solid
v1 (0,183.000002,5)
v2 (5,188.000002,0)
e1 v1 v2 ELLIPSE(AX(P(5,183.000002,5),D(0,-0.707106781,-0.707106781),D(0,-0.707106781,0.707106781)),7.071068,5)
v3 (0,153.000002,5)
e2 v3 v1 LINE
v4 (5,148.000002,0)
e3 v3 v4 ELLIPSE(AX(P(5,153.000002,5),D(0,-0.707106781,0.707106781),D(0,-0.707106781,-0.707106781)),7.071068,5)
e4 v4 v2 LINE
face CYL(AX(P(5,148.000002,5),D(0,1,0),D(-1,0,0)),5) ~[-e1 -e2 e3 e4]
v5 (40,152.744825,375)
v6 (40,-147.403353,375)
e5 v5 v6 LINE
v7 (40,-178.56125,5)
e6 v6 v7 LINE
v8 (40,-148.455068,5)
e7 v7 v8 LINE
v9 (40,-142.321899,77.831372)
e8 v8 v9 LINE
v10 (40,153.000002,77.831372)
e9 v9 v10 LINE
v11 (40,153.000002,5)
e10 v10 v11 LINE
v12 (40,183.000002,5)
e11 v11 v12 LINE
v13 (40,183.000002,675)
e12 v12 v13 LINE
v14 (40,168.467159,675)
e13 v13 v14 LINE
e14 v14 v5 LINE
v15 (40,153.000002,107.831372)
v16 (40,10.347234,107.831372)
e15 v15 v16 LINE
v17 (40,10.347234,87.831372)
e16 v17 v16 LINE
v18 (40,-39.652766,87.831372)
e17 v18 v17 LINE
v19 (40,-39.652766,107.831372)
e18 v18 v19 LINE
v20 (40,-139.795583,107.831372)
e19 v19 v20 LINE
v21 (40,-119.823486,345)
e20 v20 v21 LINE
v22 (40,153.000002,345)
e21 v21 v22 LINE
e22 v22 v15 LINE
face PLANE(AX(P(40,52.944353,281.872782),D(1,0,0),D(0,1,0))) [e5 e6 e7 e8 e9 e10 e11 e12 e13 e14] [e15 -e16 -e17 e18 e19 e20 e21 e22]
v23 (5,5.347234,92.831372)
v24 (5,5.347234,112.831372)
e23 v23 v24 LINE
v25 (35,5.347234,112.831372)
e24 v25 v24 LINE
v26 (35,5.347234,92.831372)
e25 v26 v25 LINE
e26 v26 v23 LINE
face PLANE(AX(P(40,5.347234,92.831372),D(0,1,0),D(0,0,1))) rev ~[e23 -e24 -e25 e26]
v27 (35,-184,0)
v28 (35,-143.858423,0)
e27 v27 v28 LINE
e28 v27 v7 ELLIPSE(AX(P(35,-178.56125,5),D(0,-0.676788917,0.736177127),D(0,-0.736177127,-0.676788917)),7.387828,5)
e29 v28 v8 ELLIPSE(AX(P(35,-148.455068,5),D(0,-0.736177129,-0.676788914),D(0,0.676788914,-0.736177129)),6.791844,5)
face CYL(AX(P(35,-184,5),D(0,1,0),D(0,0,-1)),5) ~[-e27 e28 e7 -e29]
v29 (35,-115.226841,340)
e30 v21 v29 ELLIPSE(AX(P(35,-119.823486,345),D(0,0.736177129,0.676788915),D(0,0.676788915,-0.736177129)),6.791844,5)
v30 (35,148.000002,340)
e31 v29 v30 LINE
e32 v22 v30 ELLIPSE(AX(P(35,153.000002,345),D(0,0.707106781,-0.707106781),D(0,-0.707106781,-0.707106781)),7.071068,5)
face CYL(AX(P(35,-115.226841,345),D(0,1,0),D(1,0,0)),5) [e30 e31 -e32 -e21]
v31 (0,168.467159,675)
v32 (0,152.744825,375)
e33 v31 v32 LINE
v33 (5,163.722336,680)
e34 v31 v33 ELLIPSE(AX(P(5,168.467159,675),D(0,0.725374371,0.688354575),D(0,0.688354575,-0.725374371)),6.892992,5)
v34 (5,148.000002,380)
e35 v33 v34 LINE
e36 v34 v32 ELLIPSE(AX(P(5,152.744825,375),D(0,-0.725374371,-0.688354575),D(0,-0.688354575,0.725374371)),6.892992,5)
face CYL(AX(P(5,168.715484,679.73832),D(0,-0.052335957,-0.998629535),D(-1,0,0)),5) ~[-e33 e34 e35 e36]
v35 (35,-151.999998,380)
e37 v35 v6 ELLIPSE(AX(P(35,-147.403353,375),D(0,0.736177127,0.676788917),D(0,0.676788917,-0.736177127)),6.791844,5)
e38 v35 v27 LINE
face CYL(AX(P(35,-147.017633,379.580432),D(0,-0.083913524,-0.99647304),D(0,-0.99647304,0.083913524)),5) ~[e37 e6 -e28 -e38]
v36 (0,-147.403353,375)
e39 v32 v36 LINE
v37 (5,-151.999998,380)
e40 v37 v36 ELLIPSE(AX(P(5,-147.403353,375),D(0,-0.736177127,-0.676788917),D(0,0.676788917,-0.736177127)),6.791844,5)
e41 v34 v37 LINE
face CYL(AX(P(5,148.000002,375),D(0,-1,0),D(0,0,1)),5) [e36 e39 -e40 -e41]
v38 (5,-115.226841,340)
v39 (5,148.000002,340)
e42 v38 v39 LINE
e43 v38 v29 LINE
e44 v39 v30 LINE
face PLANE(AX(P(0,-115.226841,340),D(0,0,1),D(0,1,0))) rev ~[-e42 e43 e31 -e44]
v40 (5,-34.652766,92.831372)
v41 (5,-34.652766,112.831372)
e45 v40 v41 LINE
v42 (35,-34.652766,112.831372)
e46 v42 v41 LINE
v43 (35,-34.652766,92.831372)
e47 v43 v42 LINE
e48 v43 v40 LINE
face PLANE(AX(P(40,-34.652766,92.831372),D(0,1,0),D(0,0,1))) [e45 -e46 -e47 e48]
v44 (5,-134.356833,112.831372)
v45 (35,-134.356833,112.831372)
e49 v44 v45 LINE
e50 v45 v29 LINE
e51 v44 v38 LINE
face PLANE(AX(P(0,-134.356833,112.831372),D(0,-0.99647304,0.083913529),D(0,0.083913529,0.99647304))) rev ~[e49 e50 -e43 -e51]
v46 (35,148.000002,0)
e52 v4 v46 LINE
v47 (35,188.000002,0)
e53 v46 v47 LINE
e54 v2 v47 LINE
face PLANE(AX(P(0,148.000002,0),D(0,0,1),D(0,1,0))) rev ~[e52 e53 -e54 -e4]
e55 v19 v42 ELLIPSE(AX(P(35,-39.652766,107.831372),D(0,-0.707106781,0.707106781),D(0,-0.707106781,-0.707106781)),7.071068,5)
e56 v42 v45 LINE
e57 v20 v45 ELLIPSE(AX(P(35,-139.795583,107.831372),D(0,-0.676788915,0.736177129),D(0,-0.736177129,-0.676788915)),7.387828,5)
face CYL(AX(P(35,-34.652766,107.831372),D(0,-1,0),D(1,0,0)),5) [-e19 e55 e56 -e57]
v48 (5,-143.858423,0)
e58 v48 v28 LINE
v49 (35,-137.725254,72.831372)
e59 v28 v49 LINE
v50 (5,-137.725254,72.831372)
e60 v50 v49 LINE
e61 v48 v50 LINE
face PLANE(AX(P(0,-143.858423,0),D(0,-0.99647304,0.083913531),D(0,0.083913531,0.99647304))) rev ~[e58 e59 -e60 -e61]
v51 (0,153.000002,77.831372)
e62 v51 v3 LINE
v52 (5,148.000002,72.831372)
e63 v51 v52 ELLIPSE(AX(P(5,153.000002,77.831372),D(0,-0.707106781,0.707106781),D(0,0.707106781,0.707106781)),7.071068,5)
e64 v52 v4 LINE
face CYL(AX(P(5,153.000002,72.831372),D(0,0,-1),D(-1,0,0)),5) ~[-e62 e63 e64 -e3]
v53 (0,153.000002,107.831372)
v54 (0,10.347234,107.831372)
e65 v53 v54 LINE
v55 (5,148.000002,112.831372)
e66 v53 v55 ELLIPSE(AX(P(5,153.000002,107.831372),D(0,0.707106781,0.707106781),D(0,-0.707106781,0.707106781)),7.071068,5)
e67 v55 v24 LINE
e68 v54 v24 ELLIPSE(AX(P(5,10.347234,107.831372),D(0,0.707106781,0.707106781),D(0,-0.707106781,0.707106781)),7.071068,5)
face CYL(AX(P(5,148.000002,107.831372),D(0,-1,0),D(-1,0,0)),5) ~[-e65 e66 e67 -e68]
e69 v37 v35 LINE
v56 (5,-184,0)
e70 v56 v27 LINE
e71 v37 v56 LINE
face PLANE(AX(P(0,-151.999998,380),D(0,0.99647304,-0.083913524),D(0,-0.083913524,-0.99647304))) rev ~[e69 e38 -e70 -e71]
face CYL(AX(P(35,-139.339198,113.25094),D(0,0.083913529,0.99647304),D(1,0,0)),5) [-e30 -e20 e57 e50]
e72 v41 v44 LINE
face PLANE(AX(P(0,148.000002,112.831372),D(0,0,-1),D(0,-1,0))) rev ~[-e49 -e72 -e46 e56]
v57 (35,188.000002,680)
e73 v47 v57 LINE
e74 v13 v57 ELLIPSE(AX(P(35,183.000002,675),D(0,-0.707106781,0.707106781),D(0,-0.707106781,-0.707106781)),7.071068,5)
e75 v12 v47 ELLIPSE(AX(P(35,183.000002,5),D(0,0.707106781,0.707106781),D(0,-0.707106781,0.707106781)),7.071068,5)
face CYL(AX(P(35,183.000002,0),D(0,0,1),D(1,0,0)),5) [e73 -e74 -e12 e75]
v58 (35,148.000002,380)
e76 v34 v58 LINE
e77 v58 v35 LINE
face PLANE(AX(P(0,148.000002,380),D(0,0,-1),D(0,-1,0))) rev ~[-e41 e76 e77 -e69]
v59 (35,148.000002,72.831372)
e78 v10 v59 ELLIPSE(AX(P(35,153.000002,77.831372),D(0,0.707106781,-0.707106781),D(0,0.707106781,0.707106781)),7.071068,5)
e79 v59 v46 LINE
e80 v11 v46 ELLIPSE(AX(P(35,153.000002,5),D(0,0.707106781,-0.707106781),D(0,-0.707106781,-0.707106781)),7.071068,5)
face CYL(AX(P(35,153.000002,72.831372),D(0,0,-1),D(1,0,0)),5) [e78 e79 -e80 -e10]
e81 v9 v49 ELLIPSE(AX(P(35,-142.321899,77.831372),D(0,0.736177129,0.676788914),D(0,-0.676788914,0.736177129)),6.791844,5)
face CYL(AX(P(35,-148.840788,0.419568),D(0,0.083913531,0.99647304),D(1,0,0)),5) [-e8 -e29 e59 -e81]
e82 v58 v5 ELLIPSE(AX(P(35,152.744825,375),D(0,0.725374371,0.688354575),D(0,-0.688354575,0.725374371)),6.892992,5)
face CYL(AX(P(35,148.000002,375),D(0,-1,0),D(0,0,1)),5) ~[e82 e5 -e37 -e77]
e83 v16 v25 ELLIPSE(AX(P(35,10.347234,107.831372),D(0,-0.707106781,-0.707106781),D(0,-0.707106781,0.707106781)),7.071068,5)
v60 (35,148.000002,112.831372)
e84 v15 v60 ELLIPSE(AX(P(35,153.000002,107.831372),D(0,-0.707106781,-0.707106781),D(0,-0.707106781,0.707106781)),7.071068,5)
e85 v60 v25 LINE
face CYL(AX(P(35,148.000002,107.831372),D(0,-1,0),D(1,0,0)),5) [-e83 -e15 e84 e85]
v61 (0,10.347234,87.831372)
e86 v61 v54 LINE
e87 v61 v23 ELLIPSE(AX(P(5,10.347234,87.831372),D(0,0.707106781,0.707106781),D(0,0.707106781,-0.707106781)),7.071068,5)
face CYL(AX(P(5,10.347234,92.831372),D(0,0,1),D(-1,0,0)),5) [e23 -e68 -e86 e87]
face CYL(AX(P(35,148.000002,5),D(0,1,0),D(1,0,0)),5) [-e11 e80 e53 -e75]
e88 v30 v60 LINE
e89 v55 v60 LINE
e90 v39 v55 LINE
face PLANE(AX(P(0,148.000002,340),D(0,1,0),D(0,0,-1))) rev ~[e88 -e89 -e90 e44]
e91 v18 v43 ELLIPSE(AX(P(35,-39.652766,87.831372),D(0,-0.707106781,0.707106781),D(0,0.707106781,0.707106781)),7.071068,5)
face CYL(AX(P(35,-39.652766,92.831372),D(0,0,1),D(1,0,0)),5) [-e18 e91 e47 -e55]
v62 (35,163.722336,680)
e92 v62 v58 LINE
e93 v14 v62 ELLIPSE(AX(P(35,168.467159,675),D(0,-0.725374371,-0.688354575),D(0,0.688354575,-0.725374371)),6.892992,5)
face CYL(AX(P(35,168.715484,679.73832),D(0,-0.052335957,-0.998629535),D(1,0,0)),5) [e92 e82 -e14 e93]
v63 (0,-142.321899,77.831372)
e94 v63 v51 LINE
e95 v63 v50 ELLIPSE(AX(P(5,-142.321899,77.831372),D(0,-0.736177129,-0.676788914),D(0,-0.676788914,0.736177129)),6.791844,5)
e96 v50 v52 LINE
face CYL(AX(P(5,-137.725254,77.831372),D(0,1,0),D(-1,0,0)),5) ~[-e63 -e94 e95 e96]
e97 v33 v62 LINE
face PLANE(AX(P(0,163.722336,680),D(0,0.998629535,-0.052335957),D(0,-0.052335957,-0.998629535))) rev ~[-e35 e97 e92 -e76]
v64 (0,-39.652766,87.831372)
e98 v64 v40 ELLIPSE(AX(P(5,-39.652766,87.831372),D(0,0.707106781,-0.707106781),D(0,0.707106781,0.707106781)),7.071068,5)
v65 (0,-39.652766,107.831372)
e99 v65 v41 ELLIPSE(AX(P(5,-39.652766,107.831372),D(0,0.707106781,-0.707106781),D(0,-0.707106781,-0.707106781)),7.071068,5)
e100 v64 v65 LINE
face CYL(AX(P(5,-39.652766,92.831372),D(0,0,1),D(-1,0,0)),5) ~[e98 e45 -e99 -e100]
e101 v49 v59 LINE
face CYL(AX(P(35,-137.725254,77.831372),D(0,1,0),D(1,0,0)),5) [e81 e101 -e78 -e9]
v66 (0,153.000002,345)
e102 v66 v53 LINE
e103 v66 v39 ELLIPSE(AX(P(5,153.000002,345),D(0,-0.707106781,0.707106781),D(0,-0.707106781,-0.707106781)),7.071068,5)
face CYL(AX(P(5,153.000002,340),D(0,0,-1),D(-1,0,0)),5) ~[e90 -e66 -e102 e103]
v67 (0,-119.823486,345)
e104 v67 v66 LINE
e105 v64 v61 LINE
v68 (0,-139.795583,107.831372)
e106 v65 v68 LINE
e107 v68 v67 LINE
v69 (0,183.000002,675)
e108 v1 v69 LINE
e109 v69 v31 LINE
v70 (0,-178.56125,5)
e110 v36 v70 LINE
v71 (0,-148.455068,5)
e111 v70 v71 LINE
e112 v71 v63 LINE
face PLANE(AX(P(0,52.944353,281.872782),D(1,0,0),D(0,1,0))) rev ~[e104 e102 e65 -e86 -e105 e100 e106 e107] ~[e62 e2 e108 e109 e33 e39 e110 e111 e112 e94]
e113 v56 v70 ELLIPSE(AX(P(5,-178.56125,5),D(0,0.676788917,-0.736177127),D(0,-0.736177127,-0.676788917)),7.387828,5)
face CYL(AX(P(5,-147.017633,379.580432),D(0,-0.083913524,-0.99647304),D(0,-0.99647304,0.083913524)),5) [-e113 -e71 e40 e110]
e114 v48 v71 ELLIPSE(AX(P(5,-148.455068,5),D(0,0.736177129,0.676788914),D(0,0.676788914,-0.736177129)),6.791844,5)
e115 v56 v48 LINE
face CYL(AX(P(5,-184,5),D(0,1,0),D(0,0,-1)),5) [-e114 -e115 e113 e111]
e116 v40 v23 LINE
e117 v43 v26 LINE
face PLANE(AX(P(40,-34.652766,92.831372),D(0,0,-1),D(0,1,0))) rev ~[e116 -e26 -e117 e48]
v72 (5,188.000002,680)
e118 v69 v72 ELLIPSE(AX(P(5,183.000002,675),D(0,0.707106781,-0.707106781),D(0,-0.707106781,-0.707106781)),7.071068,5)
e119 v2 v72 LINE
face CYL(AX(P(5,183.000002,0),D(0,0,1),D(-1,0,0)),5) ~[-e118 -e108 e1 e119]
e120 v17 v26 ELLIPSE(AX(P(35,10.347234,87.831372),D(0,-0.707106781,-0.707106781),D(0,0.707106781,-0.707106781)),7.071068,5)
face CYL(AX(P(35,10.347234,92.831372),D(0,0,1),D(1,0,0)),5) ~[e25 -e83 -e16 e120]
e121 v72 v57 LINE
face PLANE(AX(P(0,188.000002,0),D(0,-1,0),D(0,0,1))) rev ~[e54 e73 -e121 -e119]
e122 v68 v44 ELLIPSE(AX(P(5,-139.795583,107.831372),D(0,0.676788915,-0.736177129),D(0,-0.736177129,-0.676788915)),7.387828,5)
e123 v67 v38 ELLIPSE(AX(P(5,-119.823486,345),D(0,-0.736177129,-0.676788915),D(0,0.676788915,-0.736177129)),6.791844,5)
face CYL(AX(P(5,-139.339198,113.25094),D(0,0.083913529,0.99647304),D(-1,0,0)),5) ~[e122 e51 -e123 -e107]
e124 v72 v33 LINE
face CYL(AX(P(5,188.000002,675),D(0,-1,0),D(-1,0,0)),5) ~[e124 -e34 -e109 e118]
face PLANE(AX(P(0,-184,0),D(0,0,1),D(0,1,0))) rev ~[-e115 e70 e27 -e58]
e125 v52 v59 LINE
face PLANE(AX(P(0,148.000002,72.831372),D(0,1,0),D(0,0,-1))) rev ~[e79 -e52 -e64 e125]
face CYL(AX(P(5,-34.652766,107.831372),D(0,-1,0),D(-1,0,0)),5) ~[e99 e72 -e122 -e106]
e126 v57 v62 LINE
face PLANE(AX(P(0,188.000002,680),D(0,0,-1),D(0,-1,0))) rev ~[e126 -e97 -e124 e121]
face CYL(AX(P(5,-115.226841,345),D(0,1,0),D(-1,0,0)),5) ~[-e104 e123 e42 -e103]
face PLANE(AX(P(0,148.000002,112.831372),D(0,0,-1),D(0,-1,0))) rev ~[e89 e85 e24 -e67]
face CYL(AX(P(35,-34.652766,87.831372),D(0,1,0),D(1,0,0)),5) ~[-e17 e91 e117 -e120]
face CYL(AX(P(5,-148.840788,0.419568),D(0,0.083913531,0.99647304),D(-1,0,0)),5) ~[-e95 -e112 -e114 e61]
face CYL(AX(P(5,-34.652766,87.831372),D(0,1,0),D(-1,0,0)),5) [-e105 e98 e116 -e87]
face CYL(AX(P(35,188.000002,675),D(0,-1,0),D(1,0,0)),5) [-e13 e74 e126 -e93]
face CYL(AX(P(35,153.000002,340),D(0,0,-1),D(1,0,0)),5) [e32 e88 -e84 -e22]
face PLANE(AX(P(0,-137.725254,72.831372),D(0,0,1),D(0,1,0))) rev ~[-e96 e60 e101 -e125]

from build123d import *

# Parameters (mm, degrees)
F1_DEPTH = 40
F2_W     = 40
F2_H     = 20
F3_DEPTH = 40.001
F4_R     = 5


with BuildPart() as f1:
    # F0 (on Right) → F1 (new body)
    with BuildSketch(Plane.YZ):
        Polygon((-151.999998, 380), (-184, 0), (-143.858423, 0), (-137.725254, 72.831372), (148.000002, 72.831372), (148.000002, 0), (188.000002, 0), (188.000002, 680), (163.722336, 680), (148.000002, 380), align=None)
        Polygon((148.000002, 112.831372), (-134.356833, 112.831372), (-115.226841, 340), (148.000002, 340), align=None, mode=Mode.SUBTRACT)
    extrude(amount=F1_DEPTH)

    # F2 (on face) → F3 (cut, through all)
    with BuildSketch(Plane.YZ.offset(40)):
        with Locations((-14.652766, 102.831372)):
            Rectangle(F2_W, F2_H)
    extrude(amount=-F3_DEPTH, mode=Mode.SUBTRACT)

    # F4
    f4_edges = [f1.edges().sort_by_distance(p)[0] for p in [
        (40, -167.999999, 190),
        (40, -1.999998, 380),
        (40, -163.929211, 0),
        (40, 155.861169, 530),
        (40, -140.791838, 36.415686),
        (40, 175.861169, 680),
        (40, 5.137374, 72.831372),
        (40, 188.000002, 340),
        (40, 148.000002, 36.415686),
        (40, 168.000002, 0),
        (40, -84.504799, 112.831372),
        (40, -34.652766, 102.831372),
        (40, -14.652766, 92.831372),
        (40, 5.347234, 102.831372),
        (40, 76.673618, 112.831372),
        (40, 148.000002, 226.415686),
        (40, 16.38658, 340),
        (40, -124.791837, 226.415686),
        (0, -167.999999, 190),
        (0, -1.999998, 380),
        (0, -163.929211, 0),
        (0, 155.861169, 530),
        (0, -140.791838, 36.415686),
        (0, 175.861169, 680),
        (0, 5.137374, 72.831372),
        (0, 188.000002, 340),
        (0, 148.000002, 36.415686),
        (0, 168.000002, 0),
        (0, -84.504799, 112.831372),
        (0, -34.652766, 102.831372),
        (0, -14.652766, 92.831372),
        (0, 5.347234, 102.831372),
        (0, 76.673618, 112.831372),
        (0, 148.000002, 226.415686),
        (0, 16.38658, 340),
        (0, -124.791837, 226.415686),
    ]]
    fillet(f4_edges, radius=F4_R)


solid = f1.part
